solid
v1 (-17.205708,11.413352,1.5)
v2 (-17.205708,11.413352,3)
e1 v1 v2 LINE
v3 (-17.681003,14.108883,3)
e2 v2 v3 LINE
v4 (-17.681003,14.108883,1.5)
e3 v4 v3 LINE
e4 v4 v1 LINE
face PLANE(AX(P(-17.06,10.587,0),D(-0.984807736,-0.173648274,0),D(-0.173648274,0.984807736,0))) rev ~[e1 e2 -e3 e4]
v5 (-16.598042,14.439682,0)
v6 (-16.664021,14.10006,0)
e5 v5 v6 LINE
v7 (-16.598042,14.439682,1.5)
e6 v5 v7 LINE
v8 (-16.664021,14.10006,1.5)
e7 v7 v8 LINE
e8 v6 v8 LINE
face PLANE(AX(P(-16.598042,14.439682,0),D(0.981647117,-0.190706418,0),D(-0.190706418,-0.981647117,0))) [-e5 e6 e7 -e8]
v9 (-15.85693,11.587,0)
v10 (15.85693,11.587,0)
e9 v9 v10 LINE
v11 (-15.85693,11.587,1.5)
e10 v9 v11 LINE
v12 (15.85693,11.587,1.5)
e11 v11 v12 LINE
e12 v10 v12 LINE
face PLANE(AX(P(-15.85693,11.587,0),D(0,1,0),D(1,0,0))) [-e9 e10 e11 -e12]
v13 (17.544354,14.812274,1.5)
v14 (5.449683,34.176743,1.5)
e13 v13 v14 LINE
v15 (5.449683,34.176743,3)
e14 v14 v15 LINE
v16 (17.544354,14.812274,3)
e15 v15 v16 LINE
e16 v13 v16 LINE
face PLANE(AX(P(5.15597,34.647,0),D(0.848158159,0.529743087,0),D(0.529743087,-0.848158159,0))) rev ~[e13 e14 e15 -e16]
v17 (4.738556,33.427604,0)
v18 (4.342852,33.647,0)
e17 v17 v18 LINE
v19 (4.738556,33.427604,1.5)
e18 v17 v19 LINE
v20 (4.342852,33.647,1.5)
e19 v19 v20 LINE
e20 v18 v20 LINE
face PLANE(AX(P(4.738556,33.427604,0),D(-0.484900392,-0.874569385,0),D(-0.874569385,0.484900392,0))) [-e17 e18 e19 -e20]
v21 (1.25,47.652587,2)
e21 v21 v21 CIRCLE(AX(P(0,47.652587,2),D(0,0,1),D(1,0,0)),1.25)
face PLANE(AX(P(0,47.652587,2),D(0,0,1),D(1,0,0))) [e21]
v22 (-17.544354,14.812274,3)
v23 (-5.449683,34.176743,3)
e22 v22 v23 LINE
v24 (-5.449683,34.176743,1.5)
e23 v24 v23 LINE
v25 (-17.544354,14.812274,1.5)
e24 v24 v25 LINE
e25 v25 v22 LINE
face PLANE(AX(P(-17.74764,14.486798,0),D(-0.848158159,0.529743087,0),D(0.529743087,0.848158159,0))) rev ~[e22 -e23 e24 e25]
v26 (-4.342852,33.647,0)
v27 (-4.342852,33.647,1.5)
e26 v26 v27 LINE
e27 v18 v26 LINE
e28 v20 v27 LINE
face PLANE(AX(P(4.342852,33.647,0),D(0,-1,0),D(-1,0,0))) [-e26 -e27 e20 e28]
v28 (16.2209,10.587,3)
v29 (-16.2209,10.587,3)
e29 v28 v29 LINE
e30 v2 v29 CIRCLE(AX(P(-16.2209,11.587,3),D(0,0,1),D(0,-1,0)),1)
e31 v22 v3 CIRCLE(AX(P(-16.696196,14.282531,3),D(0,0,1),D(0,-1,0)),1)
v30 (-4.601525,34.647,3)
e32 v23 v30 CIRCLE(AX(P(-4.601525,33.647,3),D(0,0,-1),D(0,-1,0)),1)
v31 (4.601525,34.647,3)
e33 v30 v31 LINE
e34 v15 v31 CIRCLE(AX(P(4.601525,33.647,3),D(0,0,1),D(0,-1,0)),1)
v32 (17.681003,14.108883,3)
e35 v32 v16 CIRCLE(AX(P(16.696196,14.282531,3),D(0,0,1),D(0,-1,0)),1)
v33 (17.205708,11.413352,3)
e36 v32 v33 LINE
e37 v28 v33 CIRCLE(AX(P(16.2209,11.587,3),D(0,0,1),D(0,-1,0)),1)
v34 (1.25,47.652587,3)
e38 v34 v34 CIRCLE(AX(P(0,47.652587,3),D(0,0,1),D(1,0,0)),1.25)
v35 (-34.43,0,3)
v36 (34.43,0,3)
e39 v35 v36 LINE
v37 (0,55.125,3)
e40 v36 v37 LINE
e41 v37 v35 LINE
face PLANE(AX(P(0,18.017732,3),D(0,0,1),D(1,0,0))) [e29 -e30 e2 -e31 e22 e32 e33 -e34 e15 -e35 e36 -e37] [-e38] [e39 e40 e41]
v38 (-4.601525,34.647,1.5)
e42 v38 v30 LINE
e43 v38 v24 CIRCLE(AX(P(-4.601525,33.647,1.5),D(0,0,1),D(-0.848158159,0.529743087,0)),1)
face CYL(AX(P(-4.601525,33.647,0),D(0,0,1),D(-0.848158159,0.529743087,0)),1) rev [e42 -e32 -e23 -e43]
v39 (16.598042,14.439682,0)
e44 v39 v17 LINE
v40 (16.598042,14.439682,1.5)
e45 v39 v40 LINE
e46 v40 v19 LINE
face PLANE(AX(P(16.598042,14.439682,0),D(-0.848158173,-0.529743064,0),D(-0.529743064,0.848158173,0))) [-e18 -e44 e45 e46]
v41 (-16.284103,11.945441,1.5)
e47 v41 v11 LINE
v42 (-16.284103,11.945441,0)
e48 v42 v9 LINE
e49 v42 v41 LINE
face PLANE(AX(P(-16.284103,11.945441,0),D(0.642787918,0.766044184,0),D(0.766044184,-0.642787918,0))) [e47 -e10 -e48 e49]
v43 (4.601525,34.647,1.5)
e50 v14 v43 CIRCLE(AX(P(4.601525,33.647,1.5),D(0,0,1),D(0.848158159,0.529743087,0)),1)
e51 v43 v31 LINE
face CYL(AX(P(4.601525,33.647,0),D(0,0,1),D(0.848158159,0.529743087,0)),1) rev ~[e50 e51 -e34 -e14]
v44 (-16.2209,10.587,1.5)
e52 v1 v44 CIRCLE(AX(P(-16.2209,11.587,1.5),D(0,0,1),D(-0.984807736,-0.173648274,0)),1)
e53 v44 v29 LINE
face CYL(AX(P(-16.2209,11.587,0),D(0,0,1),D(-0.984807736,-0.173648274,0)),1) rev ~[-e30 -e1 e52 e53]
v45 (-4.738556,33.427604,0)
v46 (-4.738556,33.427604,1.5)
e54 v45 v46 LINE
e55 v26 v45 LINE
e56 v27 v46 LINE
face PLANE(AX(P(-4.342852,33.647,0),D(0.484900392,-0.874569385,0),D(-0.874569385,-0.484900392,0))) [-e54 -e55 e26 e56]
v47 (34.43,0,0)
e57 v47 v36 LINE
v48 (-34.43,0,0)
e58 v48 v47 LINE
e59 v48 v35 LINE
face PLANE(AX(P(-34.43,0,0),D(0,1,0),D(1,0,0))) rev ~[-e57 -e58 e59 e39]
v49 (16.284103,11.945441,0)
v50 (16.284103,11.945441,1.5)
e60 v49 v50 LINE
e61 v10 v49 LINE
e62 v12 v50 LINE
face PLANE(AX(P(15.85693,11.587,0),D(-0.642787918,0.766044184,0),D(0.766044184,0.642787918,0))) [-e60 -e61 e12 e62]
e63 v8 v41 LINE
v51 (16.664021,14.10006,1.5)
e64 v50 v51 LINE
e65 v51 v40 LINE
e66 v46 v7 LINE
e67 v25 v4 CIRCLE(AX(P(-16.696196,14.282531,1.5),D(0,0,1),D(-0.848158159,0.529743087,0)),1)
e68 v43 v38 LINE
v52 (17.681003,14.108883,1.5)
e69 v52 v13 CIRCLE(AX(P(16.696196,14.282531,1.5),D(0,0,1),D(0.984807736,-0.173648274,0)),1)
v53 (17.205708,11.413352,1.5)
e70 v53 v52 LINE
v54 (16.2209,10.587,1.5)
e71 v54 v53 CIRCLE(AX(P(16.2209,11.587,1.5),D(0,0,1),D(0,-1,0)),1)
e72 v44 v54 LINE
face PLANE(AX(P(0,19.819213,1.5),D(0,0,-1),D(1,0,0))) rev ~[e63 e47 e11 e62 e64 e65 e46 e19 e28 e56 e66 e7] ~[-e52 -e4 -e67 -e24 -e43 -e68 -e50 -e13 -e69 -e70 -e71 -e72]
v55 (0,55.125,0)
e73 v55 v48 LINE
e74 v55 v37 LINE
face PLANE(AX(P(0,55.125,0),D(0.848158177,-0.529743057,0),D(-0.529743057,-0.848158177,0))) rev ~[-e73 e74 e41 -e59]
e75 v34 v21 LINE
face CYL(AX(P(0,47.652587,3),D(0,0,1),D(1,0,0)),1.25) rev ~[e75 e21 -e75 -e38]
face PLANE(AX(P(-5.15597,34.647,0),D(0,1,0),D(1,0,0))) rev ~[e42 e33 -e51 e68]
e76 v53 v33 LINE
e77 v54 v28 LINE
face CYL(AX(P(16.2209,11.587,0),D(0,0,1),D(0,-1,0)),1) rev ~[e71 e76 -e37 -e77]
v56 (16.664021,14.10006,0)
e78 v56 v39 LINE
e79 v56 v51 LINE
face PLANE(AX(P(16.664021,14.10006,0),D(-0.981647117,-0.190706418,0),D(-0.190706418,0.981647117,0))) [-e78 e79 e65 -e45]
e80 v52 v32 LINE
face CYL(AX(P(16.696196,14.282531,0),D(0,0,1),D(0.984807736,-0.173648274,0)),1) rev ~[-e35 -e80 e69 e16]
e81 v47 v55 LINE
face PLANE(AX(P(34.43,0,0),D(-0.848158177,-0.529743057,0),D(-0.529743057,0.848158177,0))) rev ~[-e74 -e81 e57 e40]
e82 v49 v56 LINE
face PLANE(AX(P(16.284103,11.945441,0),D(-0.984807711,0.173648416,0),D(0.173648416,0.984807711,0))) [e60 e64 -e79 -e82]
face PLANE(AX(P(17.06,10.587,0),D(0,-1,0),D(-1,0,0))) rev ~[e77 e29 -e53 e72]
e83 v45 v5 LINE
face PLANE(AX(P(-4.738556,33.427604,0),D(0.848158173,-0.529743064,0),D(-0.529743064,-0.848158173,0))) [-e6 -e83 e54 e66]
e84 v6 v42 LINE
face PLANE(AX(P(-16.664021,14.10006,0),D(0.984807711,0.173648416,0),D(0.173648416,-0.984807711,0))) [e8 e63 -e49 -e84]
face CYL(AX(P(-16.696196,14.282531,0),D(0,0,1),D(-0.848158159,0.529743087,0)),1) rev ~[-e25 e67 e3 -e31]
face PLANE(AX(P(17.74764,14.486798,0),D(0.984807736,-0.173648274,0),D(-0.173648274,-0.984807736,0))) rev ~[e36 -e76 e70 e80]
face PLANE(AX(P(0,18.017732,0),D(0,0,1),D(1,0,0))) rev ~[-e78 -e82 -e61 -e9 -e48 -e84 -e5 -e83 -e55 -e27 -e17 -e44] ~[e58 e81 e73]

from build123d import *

# Parameters (mm, degrees)
F1_DEPTH = 3
F2_R     = 1
F3_R     = 1.25
F4_DEPTH = 1
F6_DEPTH = 1.5


with BuildPart() as f1:
    # F0 (on Top) → F1 (new body)
    with BuildSketch(Plane.XY):
        Polygon((0, 55.125), (-34.43, 0), (34.43, 0), align=None)
        Polygon((-5.15597, 34.647), (5.15597, 34.647), (17.74764, 14.486798), (17.06, 10.587), (-17.06, 10.587), (-17.74764, 14.486798), align=None, mode=Mode.SUBTRACT)
    extrude(amount=F1_DEPTH)

    # F2
    f2_edges = [f1.edges().sort_by_distance(p)[0] for p in [
        (17.06, 10.587, 1.5),
        (-17.06, 10.587, 1.5),
        (17.74764, 14.486798, 1.5),
        (-17.74764, 14.486798, 1.5),
        (5.15597, 34.647, 1.5),
        (-5.15597, 34.647, 1.5),
    ]]
    fillet(f2_edges, radius=F2_R)

    # F3 (on face) → F4 (cut)
    with BuildSketch(Plane.XY.offset(3)):
        with Locations((0, 47.652587)):
            Circle(F3_R)
    extrude(amount=-F4_DEPTH, mode=Mode.SUBTRACT)

    # F5 (on face) → F6 (join)
    with BuildSketch(Plane(origin=(0, 0, 0), x_dir=(1, 0, 0), z_dir=(0, 0, -1))):
        Polygon((20.099395, -15.818272), (20.426854, -14.132703), (19.694041, -9.976712), (17.20362, -7.887), (-17.20362, -7.887), (-19.694041, -9.976712), (-20.426854, -14.132703), (-20.099395, -15.818272), (-7.369729, -36.199417), (-5.299942, -37.347), (5.299942, -37.347), (7.369729, -36.199417), align=None)
        Polygon((4.342852, -33.647), (-4.342852, -33.647), (-4.738556, -33.427604), (-16.598042, -14.439682), (-16.664021, -14.10006), (-16.284103, -11.945441), (-15.85693, -11.587), (15.85693, -11.587), (16.284103, -11.945441), (16.664021, -14.10006), (16.598042, -14.439682), (4.738556, -33.427604), align=None, mode=Mode.SUBTRACT)
    extrude(amount=-F6_DEPTH)


solid = f1.part
